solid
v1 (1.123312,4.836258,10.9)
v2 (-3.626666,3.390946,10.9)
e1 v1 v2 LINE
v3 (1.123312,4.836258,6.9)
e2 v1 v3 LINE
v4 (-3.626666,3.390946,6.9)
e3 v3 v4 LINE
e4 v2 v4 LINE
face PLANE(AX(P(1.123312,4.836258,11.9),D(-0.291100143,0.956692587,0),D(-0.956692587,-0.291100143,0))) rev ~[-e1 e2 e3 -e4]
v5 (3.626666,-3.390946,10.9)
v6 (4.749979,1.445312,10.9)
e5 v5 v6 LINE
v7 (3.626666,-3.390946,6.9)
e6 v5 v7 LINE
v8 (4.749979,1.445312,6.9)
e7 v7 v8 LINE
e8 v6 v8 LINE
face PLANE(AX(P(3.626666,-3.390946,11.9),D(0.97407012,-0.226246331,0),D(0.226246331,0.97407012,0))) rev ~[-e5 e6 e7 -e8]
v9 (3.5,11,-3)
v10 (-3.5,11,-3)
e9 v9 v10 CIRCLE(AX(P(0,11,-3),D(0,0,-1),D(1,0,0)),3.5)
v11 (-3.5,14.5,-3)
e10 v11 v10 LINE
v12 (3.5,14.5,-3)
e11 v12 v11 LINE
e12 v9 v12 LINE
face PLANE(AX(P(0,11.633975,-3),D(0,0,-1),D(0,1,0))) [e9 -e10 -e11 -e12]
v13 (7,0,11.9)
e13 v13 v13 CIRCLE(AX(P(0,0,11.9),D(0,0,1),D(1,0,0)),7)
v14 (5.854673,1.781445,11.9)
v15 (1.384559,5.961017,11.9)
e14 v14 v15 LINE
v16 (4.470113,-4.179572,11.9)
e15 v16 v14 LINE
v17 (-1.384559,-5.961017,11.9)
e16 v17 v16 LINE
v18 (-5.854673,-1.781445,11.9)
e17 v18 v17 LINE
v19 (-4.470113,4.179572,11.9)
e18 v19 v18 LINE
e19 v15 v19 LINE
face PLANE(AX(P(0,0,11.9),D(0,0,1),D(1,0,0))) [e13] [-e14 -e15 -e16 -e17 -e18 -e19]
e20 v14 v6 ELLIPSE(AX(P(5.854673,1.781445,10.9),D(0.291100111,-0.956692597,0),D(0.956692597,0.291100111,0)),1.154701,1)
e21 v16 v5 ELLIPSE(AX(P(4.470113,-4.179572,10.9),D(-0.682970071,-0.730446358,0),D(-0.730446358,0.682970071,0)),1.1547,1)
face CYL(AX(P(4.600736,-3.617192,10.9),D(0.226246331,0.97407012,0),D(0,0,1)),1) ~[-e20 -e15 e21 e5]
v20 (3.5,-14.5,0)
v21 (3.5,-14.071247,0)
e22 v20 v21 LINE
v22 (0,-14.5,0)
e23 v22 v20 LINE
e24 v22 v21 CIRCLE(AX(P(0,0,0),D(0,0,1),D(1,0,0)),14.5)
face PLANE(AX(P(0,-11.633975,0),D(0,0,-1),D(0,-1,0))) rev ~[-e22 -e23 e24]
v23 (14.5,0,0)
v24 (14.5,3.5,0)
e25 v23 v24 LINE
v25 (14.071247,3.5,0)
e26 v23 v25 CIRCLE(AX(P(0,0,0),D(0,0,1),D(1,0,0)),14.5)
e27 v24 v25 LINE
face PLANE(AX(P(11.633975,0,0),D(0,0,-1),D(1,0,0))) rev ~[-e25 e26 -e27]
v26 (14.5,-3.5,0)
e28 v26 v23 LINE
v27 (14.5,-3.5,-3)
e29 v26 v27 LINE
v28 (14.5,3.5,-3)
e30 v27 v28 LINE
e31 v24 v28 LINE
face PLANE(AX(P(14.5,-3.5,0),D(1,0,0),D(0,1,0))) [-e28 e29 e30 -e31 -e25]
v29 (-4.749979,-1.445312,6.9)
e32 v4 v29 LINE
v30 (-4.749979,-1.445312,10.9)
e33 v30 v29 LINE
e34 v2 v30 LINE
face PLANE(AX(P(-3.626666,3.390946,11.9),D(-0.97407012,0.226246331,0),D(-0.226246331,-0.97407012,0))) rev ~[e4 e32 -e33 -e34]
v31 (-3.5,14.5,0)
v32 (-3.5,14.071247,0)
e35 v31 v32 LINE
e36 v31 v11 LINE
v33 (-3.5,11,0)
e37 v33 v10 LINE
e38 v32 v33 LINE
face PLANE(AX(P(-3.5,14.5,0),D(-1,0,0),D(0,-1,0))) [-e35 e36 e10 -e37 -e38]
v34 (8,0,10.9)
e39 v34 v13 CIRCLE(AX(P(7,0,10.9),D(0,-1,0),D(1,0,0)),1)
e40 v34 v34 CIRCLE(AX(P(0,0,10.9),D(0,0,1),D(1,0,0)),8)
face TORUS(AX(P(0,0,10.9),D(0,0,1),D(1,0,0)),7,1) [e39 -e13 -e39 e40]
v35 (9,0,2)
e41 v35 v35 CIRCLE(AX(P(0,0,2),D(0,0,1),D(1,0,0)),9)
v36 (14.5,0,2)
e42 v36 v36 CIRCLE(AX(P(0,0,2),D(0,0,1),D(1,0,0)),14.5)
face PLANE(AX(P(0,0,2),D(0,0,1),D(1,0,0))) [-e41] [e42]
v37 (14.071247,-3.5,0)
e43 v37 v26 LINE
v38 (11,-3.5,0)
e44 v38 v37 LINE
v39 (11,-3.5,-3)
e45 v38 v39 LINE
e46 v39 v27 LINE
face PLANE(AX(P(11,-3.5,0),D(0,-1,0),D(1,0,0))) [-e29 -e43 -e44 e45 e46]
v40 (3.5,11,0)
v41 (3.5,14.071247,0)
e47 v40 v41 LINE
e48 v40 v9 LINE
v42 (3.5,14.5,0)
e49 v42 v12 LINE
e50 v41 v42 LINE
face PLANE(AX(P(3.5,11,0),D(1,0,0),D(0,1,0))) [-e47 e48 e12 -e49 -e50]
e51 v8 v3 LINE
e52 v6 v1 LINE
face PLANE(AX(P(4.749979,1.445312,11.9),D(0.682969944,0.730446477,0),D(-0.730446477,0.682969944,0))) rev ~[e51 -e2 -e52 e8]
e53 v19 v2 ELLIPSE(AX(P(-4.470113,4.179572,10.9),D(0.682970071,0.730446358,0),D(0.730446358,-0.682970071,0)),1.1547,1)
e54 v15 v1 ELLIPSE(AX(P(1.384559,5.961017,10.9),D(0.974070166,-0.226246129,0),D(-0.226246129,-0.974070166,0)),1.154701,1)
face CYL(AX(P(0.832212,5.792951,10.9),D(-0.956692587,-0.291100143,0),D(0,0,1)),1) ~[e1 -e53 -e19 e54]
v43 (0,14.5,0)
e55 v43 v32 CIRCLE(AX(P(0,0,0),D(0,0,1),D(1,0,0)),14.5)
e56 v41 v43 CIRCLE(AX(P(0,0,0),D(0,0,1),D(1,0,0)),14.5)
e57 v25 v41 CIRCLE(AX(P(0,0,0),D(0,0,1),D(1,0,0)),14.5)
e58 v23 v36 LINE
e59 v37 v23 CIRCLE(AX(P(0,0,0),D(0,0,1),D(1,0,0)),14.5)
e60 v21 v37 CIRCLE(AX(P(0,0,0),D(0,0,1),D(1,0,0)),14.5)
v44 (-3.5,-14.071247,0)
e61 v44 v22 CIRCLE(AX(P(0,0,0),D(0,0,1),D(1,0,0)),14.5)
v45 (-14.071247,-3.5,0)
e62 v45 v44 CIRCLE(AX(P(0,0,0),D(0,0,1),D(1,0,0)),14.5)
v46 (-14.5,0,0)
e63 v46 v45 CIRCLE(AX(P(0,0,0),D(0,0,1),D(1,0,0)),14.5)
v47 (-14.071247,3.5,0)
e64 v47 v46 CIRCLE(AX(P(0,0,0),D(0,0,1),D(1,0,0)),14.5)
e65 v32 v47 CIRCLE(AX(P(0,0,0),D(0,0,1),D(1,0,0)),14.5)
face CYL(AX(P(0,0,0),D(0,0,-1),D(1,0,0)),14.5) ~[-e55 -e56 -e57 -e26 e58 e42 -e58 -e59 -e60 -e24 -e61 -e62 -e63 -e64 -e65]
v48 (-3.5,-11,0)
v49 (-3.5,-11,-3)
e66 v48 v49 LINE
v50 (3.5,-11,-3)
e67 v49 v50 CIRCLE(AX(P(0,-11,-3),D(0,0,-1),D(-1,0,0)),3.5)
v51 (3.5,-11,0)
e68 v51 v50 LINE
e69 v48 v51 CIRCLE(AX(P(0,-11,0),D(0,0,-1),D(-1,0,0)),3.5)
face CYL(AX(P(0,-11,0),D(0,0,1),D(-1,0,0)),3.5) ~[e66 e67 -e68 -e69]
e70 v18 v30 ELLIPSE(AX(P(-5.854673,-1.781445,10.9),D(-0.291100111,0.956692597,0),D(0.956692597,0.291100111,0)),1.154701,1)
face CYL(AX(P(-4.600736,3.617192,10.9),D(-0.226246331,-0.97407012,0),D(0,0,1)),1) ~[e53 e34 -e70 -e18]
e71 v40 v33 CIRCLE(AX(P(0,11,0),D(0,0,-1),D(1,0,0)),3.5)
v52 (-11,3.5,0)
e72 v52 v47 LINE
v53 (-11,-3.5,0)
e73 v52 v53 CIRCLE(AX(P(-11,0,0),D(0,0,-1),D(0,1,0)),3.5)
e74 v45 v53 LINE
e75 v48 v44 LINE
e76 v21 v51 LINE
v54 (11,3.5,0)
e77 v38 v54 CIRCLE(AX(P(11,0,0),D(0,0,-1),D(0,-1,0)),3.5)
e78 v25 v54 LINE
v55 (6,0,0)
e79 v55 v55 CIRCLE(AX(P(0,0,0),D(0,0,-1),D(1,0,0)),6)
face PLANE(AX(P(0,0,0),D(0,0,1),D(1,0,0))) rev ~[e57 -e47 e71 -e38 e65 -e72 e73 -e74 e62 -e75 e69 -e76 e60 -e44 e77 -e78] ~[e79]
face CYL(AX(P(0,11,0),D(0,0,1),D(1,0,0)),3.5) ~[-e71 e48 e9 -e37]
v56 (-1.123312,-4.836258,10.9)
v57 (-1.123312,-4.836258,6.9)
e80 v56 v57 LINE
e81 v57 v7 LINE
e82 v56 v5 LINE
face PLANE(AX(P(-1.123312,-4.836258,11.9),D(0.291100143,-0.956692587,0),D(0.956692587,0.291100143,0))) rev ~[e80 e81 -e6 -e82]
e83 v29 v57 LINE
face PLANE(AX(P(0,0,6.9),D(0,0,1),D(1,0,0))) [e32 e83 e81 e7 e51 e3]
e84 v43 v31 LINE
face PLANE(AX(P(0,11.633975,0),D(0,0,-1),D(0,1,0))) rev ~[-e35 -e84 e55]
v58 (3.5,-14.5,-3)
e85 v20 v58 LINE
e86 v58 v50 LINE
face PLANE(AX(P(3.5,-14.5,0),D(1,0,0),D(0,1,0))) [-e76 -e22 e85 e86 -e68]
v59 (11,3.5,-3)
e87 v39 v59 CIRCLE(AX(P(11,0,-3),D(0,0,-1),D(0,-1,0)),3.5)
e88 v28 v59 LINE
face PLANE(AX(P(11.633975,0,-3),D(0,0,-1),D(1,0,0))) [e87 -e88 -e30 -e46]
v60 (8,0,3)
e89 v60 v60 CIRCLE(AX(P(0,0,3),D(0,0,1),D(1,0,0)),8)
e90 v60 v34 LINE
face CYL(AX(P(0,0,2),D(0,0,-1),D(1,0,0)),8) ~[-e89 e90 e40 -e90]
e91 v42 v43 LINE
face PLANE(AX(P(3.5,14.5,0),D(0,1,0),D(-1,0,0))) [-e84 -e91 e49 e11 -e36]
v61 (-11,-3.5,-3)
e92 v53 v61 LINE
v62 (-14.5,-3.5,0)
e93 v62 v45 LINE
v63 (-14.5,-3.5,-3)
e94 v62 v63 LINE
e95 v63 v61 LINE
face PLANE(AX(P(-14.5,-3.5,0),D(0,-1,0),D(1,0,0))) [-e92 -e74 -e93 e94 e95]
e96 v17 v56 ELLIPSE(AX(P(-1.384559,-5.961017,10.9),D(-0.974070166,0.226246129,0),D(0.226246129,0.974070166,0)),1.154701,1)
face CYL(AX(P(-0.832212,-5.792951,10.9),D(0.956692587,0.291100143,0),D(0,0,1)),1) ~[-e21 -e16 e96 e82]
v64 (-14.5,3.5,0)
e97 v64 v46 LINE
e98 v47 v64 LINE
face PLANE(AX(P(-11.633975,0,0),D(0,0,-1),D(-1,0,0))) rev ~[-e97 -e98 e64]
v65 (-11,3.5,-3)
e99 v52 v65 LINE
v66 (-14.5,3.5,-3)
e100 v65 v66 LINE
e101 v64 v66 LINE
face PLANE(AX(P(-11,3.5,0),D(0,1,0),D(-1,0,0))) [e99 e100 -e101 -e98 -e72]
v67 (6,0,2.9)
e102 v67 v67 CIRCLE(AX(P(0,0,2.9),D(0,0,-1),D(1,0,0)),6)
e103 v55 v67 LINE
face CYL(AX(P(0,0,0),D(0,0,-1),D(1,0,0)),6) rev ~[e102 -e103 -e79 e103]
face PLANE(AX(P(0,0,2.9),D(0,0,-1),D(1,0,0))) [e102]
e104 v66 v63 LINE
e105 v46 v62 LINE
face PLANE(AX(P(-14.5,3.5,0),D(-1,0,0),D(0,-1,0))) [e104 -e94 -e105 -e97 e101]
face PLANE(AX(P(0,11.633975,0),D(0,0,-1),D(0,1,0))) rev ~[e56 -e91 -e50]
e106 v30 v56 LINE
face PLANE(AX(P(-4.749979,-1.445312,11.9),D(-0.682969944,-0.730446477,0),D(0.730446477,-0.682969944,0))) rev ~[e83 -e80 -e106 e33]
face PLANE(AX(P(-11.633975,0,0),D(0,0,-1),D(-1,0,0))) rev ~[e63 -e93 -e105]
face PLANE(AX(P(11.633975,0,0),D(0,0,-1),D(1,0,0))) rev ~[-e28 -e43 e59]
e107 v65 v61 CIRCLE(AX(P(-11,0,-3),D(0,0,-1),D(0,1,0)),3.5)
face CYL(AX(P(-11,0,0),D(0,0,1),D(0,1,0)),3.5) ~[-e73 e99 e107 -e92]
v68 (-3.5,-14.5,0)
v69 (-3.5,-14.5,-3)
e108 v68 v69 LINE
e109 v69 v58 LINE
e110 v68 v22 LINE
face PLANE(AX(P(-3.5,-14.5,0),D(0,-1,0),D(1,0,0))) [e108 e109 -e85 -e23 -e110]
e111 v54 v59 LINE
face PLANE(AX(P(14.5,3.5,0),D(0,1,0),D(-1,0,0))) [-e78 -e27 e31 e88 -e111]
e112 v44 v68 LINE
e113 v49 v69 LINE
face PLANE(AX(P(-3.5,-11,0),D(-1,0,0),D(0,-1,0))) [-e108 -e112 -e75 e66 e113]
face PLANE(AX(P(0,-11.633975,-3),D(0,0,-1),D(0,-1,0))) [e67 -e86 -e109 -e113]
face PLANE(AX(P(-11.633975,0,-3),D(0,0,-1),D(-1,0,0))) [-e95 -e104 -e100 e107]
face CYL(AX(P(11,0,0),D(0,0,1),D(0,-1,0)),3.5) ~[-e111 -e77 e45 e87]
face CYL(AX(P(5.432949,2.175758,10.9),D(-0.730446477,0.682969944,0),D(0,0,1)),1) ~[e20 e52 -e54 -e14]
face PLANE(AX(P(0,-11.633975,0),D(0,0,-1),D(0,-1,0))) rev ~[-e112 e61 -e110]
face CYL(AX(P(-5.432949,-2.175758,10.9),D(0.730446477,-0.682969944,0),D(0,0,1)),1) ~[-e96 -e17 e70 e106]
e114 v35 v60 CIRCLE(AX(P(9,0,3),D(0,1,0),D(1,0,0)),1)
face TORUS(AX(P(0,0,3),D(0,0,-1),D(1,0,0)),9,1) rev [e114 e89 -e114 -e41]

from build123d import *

# Parameters (mm, degrees)
SKETCH_R           = 14.5
PAD_DEPTH          = 2
SKETCH001_R        = 8
PAD001_DEPTH       = 9.9
POCKET_DEPTH       = 5
PAD002_DEPTH       = 3
POLARPATTERN_COUNT = 4
SKETCH004_R        = 6
POCKET001_DEPTH    = 2.9
FILLET_R           = 1
FILLET001_R        = 1
FILLET002_R        = 1


with BuildPart() as part:
    # Sketch → Pad (new body)
    with BuildSketch(Plane.XY):
        Circle(SKETCH_R)
    extrude(amount=PAD_DEPTH)

    # Sketch001 (on Face3 of Pad) → Pad001 (join)
    with BuildSketch(Plane.XY.offset(2)):
        Circle(SKETCH001_R)
    extrude(amount=PAD001_DEPTH)

    # Sketch002 (on Face5 of Pad001) → Pocket (cut)
    with BuildSketch(Plane.XY.offset(11.9)):
        Polygon((3.626666, -3.390946), (4.749979, 1.445312), (1.123312, 4.836258), (-3.626666, 3.390946), (-4.749979, -1.445312), (-1.123312, -4.836258), align=None)
    extrude(amount=-POCKET_DEPTH, mode=Mode.SUBTRACT)

    # Sketch003 (on Face2 of Pocket) → Pad002 (join)
    with BuildSketch(Plane(origin=(0, 0, 0), x_dir=(1, 0, 0), z_dir=(0, 0, -1))):
        with BuildLine():
            ThreePointArc((11, 3.5), (7.5, 0), (11, -3.5))
            Line((14.5, -3.5), (11, -3.5))
            Line((14.5, 3.5), (14.5, -3.5))
            Line((11, 3.5), (14.5, 3.5))
        make_face()
    pad002 = extrude(amount=PAD002_DEPTH)

    # PolarPattern: Pad002 ×4 about axis
    polarpattern_axis = Axis((0, 0, 0), (0, 0, -1))
    for i in range(1, POLARPATTERN_COUNT):
        add(pad002.rotate(polarpattern_axis, i * 360 / POLARPATTERN_COUNT))

    # Sketch004 (on Face4 of PolarPattern) → Pocket001 (cut)
    with BuildSketch(Plane(origin=(0, 0, 0), x_dir=(1, 0, 0), z_dir=(0, 0, -1))):
        Circle(SKETCH004_R)
    extrude(amount=-POCKET001_DEPTH, mode=Mode.SUBTRACT)

    # Fillet
    fillet_edges = [part.edges().sort_by_distance(p)[0] for p in [
        (-8, 0, 2),
    ]]
    fillet(fillet_edges, radius=FILLET_R)

    # Fillet001
    fillet001_edges = [part.edges().sort_by_distance(p)[0] for p in [
        (-8, 0, 11.9),
    ]]
    fillet(fillet001_edges, radius=FILLET001_R)

    # Fillet002
    fillet002_edges = [part.edges().sort_by_distance(p)[0] for p in [
        (4.188323, -0.972817, 11.9),
        (1.251677, -4.113602, 11.9),
        (-2.936646, -3.140785, 11.9),
        (-4.188323, 0.972817, 11.9),
        (-1.251677, 4.113602, 11.9),
        (2.936646, 3.140785, 11.9),
    ]]
    fillet(fillet002_edges, radius=FILLET002_R)


solid = part.part
